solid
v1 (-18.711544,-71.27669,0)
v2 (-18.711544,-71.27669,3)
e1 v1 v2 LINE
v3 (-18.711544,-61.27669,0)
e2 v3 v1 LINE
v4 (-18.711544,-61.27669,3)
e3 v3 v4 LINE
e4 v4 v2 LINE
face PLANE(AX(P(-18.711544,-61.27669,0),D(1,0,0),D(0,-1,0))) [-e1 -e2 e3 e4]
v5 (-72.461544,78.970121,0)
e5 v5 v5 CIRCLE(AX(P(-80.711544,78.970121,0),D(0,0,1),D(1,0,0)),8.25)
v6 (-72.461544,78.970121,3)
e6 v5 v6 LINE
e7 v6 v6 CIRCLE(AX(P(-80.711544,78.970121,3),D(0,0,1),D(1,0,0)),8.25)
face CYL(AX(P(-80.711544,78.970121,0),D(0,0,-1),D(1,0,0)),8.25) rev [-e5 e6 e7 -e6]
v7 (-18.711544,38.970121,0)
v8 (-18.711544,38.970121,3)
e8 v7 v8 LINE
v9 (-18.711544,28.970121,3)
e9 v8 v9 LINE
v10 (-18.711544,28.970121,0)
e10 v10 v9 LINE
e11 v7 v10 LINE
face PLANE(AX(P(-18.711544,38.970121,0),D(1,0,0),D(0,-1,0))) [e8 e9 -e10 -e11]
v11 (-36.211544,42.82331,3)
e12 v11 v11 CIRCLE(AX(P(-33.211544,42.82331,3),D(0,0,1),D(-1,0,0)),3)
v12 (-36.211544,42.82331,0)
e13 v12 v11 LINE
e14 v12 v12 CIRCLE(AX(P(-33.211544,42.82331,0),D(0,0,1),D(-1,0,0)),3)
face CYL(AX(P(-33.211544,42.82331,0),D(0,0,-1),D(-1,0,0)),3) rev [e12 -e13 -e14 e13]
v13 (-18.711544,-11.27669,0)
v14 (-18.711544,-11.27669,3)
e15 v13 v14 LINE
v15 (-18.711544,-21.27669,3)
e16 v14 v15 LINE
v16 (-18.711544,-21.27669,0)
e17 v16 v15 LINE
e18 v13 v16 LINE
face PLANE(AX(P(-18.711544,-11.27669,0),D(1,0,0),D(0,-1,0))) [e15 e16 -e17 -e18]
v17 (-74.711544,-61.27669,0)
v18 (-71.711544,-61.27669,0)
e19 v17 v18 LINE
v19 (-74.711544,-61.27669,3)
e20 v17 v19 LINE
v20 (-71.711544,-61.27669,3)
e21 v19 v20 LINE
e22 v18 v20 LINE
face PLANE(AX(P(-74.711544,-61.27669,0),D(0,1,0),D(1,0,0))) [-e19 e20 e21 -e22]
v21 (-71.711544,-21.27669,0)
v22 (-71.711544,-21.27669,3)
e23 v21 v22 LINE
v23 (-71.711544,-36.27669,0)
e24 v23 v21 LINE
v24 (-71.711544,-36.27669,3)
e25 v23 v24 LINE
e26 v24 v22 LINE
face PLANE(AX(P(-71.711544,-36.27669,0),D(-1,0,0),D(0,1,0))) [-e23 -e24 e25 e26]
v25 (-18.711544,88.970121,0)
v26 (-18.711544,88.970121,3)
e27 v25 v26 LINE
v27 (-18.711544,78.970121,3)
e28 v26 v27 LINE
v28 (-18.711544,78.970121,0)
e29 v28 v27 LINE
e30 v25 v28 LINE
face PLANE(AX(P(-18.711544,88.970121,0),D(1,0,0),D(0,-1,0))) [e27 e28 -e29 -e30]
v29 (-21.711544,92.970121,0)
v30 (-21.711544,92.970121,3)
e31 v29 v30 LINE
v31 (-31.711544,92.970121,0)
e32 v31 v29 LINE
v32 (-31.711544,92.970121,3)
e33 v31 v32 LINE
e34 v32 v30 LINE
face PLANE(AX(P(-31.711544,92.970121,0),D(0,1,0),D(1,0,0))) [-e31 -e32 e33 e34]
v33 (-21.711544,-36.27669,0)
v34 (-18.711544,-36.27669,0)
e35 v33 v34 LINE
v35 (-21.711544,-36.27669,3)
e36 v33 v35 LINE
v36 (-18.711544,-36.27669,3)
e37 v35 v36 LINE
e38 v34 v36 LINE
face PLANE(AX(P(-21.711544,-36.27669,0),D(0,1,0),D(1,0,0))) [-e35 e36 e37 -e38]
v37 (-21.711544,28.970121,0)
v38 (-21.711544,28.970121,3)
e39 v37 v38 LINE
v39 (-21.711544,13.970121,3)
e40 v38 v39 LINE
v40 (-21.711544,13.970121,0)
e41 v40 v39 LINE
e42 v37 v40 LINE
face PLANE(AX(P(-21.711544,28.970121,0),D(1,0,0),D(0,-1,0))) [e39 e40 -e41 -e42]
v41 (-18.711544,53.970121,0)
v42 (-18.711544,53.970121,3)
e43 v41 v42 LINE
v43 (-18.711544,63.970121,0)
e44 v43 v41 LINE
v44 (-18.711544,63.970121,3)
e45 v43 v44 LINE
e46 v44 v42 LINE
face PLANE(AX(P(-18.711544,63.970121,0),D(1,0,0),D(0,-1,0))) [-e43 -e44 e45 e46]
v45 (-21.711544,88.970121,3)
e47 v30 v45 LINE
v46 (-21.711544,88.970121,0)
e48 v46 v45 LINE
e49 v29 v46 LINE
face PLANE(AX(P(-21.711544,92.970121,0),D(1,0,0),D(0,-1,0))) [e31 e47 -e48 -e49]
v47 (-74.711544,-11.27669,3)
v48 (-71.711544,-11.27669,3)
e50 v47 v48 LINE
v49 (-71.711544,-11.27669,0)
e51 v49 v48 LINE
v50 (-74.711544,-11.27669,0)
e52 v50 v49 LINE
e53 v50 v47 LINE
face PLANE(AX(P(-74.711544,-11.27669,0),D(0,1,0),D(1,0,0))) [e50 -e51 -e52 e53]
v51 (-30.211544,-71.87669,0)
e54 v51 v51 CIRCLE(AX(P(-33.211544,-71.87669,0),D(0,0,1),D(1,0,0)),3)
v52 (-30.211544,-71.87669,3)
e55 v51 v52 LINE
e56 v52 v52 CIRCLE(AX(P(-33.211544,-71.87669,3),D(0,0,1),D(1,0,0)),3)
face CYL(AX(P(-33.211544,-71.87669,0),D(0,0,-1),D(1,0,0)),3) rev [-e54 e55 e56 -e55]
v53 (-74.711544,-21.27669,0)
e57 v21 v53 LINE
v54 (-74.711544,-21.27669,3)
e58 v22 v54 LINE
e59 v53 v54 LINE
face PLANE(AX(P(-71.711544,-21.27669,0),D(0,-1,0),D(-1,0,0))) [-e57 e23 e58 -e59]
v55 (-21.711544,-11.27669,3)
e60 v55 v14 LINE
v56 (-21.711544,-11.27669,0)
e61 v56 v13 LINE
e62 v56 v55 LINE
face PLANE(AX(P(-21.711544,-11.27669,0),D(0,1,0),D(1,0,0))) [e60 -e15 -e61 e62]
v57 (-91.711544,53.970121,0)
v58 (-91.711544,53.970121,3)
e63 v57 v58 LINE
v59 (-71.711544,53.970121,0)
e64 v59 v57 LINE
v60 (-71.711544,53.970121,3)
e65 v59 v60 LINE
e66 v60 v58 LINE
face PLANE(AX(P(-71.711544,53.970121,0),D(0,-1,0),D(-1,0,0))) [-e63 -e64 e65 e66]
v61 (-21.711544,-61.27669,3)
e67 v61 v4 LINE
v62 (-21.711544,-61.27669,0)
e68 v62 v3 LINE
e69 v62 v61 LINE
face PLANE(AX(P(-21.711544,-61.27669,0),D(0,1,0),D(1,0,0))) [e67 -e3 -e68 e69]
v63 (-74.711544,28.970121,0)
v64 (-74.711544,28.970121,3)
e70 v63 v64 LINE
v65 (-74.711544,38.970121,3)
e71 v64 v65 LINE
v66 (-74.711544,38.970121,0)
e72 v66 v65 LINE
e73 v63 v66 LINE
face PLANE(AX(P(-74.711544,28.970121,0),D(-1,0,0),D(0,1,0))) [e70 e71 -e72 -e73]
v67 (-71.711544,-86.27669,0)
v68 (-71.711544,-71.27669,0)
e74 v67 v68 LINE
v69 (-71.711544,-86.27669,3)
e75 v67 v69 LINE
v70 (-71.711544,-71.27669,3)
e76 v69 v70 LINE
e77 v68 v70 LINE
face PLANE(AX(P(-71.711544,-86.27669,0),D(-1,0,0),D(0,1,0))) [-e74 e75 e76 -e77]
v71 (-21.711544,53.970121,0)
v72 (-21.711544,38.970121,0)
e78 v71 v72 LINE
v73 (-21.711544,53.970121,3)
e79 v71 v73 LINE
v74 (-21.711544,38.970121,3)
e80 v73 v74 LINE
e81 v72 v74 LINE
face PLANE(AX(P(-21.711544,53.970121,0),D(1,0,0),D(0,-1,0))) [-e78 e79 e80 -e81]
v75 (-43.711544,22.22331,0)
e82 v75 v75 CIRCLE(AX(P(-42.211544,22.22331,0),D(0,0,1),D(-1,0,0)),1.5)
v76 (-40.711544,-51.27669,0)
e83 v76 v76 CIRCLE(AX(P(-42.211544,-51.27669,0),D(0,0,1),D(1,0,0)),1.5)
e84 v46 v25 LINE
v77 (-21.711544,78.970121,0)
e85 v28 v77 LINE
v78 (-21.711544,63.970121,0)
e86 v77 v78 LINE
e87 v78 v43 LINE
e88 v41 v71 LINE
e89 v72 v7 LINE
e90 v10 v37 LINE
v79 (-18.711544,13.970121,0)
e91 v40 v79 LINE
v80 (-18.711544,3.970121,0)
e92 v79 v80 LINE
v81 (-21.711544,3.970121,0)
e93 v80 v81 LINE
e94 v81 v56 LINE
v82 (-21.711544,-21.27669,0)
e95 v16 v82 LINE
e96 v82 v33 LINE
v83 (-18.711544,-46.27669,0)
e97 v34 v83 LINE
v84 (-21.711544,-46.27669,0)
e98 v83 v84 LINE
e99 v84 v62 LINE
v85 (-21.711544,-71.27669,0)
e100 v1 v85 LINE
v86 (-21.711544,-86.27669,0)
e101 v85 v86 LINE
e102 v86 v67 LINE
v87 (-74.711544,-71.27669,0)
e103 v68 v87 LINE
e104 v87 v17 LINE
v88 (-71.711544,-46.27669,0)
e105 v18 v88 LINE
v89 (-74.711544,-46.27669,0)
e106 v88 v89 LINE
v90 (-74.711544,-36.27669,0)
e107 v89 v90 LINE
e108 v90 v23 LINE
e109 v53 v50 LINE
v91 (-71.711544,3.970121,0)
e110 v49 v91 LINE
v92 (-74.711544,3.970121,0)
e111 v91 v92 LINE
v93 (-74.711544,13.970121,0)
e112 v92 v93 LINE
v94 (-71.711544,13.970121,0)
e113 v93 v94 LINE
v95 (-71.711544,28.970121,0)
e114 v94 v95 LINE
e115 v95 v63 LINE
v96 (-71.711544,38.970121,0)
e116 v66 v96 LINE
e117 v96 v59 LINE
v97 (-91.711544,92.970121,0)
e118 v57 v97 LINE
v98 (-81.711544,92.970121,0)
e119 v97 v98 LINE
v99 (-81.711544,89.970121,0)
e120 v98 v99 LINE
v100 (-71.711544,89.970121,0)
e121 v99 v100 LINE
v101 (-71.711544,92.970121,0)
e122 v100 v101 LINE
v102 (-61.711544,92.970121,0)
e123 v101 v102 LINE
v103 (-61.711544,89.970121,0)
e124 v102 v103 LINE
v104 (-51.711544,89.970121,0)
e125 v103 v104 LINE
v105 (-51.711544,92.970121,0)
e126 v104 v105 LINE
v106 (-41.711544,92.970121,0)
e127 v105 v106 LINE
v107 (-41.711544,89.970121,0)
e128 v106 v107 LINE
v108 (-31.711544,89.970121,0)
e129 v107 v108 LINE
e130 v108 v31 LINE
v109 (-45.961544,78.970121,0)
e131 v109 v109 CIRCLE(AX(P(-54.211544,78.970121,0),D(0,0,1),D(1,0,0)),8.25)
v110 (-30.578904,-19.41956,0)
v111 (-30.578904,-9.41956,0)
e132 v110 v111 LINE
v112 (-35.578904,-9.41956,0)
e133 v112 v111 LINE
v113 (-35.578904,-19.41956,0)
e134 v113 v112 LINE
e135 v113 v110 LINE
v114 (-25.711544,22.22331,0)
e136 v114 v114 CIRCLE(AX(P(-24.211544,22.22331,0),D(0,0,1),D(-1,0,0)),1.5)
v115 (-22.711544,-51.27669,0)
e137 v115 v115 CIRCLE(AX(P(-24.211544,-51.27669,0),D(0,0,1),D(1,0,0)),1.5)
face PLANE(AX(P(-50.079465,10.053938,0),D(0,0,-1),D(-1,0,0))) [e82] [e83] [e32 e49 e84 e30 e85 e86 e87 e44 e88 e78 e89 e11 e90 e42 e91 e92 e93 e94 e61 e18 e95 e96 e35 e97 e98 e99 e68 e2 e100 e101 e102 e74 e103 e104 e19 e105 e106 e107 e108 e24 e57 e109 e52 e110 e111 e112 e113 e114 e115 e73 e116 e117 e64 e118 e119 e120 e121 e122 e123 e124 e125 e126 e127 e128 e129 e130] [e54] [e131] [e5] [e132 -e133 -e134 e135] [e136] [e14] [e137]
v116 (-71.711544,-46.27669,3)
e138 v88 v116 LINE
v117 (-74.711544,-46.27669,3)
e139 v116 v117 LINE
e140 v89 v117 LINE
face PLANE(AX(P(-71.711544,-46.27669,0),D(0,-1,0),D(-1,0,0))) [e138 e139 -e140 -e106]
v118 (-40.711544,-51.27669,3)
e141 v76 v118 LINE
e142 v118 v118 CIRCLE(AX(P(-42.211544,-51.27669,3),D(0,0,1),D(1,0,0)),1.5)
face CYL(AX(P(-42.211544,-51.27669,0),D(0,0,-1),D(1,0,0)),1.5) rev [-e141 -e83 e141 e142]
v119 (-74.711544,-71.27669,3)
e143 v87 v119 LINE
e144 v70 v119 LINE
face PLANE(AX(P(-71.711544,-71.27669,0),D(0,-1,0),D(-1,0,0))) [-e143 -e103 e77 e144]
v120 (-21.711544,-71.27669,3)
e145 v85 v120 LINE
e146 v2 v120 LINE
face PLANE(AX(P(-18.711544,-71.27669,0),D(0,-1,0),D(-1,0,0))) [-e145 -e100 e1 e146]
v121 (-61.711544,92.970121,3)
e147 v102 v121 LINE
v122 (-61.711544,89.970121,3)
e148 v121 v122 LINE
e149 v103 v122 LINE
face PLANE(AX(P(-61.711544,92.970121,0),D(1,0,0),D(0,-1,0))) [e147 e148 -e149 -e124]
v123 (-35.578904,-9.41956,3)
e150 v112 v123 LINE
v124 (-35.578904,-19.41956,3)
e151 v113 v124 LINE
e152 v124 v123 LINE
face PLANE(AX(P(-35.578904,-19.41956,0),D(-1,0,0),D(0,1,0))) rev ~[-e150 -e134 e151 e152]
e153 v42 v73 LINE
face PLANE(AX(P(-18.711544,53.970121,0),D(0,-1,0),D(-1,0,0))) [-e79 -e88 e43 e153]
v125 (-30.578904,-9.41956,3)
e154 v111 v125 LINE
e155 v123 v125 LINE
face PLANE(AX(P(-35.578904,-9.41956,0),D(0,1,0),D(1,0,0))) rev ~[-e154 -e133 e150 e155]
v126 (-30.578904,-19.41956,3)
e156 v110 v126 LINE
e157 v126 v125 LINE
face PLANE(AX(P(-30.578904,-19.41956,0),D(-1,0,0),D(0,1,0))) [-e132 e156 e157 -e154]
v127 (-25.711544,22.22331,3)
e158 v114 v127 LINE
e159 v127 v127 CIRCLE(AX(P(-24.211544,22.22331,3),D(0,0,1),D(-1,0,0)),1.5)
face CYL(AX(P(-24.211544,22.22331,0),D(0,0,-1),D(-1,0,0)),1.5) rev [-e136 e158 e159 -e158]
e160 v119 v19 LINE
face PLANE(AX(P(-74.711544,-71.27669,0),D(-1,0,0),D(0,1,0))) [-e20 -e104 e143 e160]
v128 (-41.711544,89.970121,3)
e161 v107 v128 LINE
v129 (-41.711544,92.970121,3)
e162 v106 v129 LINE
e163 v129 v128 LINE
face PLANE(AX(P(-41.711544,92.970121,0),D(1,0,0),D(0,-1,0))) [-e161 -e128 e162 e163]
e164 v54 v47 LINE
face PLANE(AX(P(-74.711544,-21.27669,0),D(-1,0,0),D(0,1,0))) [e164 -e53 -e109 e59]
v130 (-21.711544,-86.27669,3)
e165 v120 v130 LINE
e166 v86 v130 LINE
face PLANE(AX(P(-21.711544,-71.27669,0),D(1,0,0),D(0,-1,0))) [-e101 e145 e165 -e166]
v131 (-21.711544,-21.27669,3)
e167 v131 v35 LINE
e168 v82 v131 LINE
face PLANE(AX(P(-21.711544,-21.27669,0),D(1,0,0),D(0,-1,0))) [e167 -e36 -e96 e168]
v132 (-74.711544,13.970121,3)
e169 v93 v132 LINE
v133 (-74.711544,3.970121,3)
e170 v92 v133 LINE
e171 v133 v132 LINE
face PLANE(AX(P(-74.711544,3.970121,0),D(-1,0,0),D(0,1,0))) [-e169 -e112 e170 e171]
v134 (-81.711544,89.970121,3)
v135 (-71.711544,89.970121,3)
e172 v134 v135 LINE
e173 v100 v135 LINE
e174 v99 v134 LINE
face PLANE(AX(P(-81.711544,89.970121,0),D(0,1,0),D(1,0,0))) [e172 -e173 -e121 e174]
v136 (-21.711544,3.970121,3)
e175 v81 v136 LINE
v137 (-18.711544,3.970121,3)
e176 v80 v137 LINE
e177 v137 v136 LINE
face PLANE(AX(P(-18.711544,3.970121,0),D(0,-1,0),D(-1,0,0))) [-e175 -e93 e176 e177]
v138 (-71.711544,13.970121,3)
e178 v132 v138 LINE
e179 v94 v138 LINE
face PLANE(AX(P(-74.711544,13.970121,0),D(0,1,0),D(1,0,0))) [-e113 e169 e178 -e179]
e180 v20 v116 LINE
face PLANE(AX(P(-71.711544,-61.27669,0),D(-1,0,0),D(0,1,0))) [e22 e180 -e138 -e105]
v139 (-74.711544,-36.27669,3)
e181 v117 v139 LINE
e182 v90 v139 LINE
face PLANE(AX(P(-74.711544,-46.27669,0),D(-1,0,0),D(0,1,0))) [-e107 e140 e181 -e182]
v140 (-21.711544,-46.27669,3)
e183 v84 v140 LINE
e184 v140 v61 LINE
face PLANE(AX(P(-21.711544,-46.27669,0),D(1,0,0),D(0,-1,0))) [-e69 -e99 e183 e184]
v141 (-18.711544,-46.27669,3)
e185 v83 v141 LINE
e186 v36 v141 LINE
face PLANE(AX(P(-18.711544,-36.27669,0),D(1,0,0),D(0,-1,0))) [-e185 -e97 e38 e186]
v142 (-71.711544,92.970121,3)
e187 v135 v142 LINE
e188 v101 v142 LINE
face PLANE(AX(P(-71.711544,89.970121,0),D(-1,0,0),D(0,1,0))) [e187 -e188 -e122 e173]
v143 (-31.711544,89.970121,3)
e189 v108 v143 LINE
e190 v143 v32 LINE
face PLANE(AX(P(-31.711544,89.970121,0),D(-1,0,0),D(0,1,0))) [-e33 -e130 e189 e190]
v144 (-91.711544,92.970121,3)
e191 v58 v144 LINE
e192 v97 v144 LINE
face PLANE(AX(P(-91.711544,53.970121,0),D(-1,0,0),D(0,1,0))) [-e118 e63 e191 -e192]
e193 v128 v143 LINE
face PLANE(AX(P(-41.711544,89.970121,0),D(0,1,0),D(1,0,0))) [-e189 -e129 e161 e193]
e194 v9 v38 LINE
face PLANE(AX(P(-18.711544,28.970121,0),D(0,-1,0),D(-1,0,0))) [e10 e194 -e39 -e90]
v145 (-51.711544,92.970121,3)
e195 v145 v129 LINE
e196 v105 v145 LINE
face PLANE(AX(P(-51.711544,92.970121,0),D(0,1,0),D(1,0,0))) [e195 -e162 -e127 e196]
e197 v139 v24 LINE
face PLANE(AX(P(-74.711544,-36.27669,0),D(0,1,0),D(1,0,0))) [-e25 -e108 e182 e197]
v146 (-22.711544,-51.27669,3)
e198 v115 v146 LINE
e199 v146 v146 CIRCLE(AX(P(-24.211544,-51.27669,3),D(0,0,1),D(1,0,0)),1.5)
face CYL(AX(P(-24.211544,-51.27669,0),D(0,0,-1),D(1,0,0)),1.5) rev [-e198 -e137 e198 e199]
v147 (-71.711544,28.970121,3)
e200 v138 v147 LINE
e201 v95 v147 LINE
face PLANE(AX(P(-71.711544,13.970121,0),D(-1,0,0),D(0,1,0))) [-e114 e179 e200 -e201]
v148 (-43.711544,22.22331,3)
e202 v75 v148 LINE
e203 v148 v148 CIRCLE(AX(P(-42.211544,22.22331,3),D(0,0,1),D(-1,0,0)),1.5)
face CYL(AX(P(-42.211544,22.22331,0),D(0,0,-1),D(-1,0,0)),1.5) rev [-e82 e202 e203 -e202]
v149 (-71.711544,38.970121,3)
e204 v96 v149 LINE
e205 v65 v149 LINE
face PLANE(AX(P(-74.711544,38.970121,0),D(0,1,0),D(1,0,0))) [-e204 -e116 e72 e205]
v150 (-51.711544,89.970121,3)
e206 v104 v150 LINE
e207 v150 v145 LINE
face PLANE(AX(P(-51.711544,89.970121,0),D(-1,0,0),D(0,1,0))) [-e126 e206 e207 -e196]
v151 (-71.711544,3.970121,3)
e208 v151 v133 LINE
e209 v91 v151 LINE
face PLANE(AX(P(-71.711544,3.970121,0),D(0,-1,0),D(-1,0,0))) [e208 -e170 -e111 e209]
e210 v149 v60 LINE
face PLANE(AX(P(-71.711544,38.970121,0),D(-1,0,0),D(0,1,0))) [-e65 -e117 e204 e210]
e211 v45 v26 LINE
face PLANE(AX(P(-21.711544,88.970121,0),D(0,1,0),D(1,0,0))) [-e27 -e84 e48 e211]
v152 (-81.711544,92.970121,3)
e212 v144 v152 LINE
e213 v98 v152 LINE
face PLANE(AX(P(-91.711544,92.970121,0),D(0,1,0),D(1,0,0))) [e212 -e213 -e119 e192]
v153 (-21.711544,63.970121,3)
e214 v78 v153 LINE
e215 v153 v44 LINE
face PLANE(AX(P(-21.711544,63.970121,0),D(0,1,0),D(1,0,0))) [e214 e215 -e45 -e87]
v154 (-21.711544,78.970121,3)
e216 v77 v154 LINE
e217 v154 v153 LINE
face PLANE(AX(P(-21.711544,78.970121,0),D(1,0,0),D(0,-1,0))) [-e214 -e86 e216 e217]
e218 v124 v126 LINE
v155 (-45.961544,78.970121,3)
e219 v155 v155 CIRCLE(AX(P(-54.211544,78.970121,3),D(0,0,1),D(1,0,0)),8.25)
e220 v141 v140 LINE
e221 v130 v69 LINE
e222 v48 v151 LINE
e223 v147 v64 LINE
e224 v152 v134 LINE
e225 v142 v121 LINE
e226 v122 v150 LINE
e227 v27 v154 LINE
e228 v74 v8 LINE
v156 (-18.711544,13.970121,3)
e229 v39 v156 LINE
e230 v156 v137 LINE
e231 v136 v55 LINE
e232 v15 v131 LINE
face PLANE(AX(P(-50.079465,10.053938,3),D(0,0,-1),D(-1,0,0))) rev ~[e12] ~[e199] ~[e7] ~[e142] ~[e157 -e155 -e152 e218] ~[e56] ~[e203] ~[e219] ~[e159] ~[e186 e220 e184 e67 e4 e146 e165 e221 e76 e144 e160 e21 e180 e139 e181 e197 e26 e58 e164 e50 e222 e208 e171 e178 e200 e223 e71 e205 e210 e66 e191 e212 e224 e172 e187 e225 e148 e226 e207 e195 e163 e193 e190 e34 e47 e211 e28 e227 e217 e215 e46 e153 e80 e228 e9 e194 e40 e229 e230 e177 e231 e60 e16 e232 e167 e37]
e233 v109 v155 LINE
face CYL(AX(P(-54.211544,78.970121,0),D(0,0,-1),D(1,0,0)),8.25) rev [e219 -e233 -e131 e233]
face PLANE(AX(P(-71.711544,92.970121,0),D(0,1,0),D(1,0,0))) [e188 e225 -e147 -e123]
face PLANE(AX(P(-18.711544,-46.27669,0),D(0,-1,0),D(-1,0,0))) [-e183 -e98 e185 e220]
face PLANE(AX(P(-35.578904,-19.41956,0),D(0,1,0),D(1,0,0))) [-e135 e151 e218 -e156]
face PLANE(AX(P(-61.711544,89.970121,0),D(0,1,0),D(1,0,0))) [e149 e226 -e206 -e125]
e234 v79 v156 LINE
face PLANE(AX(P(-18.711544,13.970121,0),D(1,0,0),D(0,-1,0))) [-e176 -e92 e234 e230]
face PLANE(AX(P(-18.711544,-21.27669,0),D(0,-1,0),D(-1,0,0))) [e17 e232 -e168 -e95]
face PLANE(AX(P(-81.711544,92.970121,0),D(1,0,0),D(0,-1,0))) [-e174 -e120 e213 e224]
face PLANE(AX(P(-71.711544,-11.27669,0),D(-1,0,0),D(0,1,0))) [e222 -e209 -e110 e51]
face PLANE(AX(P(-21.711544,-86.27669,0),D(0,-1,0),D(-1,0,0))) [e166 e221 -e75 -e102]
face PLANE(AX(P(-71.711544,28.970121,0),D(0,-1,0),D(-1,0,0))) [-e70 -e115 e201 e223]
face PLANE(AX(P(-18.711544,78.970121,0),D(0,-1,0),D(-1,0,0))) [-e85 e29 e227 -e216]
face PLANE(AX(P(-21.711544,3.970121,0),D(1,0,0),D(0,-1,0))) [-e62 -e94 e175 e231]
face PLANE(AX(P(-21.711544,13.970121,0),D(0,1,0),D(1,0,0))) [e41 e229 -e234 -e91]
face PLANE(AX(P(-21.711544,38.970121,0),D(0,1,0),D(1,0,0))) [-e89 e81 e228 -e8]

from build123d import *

# Parameters (mm, degrees)
ESQUISSE2_R        = 1.5
ESQUISSE2_R_2      = 3
ESQUISSE2_R_3      = 8.25
ESQUISSE2_W        = 5
ESQUISSE2_H        = 10
BOSS_EXTRU_1_DEPTH = 3


with BuildPart() as part:
    # Esquisse2 → Boss.-Extru.1 (new body)
    with BuildSketch(Plane.XY):
        Polygon((-71.711544081, -86.276689775), (-71.711544081, -71.276689775), (-74.711544081, -71.276689775), (-74.711544081, -61.276689775), (-71.711544081, -61.276689775), (-71.711544081, -46.276689775), (-74.711544081, -46.276689775), (-74.711544081, -36.276689775), (-71.711544081, -36.276689775), (-71.711544081, -21.276689775), (-74.711544081, -21.276689775), (-74.711544081, -11.276689775), (-71.711544081, -11.276689775), (-71.711544081, 3.970120669), (-74.711544081, 3.970120669), (-74.711544081, 13.970120669), (-71.711544081, 13.970120669), (-71.711544081, 28.970120669), (-74.711544081, 28.970120669), (-74.711544081, 38.970120669), (-71.711544081, 38.970120669), (-71.711544081, 53.970120669), (-91.711544081, 53.970120669), (-91.711544081, 92.970120669), (-81.711544081, 92.970120669), (-81.711544081, 89.970120669), (-71.711544081, 89.970120669), (-71.711544081, 92.970120669), (-61.711544081, 92.970120669), (-61.711544081, 89.970120669), (-51.711544081, 89.970120669), (-51.711544081, 92.970120669), (-41.711544081, 92.970120669), (-41.711544081, 89.970120669), (-31.711544081, 89.970120669), (-31.711544081, 92.970120669), (-21.711544081, 92.970120669), (-21.711544081, 88.970120669), (-18.711544081, 88.970120669), (-18.711544081, 78.970120669), (-21.711544081, 78.970120669), (-21.711544081, 63.970120669), (-18.711544081, 63.970120669), (-18.711544081, 53.970120669), (-21.711544081, 53.970120669), (-21.711544081, 38.970120669), (-18.711544081, 38.970120669), (-18.711544081, 28.970120669), (-21.711544081, 28.970120669), (-21.711544081, 13.970120669), (-18.711544081, 13.970120669), (-18.711544081, 3.970120669), (-21.711544081, 3.970120669), (-21.711544081, -11.276689775), (-18.711544081, -11.276689775), (-18.711544081, -21.276689775), (-21.711544081, -21.276689775), (-21.711544081, -36.276689775), (-18.711544081, -36.276689775), (-18.711544081, -46.276689775), (-21.711544081, -46.276689775), (-21.711544081, -61.276689775), (-18.711544081, -61.276689775), (-18.711544081, -71.276689775), (-21.711544081, -71.276689775), (-21.711544081, -86.276689775), align=None)
        with Locations((-42.211544081, -51.276689775)):
            Circle(ESQUISSE2_R, mode=Mode.SUBTRACT)
        with Locations((-24.211544081, -51.276689775)):
            Circle(ESQUISSE2_R, mode=Mode.SUBTRACT)
        with Locations(Location((-33.211544081, 42.823310225, 0), (0, 0, 180))):
            Circle(ESQUISSE2_R_2, mode=Mode.SUBTRACT)
        with Locations(Location((-42.211544081, 22.223310225, 0), (0, 0, 180))):
            Circle(ESQUISSE2_R, mode=Mode.SUBTRACT)
        with Locations(Location((-24.211544081, 22.223310225, 0), (0, 0, 180))):
            Circle(ESQUISSE2_R, mode=Mode.SUBTRACT)
        with Locations((-80.711544081, 78.970120669)):
            Circle(ESQUISSE2_R_3, mode=Mode.SUBTRACT)
        with Locations((-54.211544081, 78.970120669)):
            Circle(ESQUISSE2_R_3, mode=Mode.SUBTRACT)
        with Locations((-33.211544081, -71.876689775)):
            Circle(ESQUISSE2_R_2, mode=Mode.SUBTRACT)
        with Locations((-33.078903677, -14.419560471)):
            Rectangle(ESQUISSE2_W, ESQUISSE2_H, mode=Mode.SUBTRACT)
    extrude(amount=BOSS_EXTRU_1_DEPTH)


solid = part.part
